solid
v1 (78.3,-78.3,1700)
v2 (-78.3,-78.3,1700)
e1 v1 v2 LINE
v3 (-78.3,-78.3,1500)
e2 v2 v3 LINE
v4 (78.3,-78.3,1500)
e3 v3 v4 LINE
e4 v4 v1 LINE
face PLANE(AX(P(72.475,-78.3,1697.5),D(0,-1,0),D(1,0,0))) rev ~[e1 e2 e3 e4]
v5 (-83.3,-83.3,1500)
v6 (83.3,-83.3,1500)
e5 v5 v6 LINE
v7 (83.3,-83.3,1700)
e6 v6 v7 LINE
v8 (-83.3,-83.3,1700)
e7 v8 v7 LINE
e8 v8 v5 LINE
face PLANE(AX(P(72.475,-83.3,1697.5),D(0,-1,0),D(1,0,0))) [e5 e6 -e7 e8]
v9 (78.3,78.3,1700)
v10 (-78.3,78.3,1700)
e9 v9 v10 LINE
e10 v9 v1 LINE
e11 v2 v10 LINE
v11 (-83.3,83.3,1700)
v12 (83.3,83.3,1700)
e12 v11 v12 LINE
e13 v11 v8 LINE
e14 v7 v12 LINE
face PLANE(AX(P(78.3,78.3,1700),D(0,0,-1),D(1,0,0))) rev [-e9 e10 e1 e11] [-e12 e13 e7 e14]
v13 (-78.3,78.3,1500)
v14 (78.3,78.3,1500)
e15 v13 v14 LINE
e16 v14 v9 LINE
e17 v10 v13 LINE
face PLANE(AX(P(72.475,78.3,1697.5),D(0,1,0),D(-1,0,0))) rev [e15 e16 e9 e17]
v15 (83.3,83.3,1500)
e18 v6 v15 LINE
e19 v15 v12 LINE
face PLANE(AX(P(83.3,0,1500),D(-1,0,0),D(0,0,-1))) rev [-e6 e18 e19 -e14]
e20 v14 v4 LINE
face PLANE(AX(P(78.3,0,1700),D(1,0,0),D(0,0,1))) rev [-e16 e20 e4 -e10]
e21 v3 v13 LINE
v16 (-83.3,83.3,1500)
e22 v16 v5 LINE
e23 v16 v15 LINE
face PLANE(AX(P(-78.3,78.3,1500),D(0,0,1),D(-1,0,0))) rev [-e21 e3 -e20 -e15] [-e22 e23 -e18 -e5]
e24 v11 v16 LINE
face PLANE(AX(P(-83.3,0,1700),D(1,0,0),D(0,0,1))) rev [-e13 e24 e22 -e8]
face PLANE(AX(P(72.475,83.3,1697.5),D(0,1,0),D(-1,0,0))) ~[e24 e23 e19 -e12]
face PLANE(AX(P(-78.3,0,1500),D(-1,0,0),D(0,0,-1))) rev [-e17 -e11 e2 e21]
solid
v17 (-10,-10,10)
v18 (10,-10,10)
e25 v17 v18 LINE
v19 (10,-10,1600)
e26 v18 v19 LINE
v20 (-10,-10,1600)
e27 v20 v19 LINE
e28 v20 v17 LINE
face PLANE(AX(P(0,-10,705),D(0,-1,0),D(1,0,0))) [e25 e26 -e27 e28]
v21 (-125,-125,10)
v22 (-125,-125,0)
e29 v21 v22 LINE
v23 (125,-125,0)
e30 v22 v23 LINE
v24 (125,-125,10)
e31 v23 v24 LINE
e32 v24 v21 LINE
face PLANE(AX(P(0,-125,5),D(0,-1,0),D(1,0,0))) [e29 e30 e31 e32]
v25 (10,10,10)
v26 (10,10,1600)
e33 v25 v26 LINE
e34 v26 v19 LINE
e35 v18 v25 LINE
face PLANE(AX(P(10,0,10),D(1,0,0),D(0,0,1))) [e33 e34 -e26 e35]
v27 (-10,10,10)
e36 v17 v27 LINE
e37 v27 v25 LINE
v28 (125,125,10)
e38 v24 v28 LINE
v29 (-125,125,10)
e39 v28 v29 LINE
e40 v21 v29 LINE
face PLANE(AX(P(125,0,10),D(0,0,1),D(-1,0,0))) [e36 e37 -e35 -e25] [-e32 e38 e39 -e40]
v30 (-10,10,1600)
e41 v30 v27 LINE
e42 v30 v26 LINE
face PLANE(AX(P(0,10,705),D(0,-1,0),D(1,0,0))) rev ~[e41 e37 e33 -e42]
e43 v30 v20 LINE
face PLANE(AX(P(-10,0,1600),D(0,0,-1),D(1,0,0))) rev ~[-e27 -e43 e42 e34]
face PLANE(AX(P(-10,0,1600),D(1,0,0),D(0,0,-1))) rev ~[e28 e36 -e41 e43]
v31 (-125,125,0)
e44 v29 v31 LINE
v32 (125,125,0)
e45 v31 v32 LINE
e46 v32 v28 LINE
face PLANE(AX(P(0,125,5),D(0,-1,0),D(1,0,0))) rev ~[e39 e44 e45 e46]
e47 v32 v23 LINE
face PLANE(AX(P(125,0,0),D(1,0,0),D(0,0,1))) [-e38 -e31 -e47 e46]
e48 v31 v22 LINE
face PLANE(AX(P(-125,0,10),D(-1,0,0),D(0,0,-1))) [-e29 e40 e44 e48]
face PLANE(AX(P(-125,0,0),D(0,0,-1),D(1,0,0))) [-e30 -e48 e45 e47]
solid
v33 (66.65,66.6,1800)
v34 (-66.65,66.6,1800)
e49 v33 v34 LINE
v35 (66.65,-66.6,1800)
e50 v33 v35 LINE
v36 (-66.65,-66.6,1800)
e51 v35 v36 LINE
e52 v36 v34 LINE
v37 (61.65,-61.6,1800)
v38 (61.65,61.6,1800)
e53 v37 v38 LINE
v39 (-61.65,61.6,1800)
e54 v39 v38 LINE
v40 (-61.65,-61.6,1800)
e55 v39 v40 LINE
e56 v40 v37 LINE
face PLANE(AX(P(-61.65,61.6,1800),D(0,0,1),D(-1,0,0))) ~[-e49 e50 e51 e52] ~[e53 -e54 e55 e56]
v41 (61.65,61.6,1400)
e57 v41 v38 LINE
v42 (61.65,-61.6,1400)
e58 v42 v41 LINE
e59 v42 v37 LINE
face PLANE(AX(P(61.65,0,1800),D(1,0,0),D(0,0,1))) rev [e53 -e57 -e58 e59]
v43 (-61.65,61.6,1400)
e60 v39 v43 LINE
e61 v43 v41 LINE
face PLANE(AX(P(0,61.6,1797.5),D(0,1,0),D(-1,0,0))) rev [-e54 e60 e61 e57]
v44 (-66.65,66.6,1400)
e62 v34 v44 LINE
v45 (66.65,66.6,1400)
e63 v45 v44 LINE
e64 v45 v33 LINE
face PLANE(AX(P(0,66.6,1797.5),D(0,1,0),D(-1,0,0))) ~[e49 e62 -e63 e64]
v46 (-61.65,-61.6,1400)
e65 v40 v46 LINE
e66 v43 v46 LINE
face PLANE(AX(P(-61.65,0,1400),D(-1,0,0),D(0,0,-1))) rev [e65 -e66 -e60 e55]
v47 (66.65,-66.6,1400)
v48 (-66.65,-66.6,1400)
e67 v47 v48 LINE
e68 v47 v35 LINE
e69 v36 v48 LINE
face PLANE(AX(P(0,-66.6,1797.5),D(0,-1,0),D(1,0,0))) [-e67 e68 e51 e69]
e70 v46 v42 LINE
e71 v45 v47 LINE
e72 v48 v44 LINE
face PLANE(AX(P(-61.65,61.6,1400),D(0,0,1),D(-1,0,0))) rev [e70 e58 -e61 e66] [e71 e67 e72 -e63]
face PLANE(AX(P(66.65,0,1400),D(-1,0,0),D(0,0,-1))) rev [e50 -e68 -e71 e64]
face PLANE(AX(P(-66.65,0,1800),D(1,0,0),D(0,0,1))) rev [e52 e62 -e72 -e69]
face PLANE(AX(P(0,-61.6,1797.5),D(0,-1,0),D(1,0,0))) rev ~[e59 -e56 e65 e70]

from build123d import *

# Parameters (mm, degrees)
F1_DEPTH      = 125
F1_DEPTH_BACK = 125
F0_W          = 20
F0_H          = 1390
F0_H_2        = 5
F0_H_3        = 95
F2_DEPTH      = 10
F2_DEPTH_BACK = 10
F3_DEPTH      = 83.3
F4_START      = 78.3
F0_W_2        = 11.65
F0_W_3        = 61.65
F0_W_4        = 5
F0_H_4        = 190
F0_W_5        = 51.65
F4_DEPTH      = 5
F5_DEPTH      = 66.6
F6_START      = 61.6
F0_W_6        = 123.3
F6_DEPTH      = 5


with BuildPart() as f1:
    # F0 (on Front) → F1 (new body, two sides)
    with BuildSketch(Plane.XZ) as f1_sk:
        Polygon((10, 10), (-10, 10), (-125, 10), (-125, 0), (125, 0), (125, 10), align=None)
    extrude(amount=F1_DEPTH)
    extrude(f1_sk.sketch, amount=-F1_DEPTH_BACK)

    # F0 (on Front) → F2 (join, two sides)
    with BuildSketch(Plane.XZ) as f2_sk:
        with Locations((0, 705)):
            Rectangle(F0_W, F0_H)
        with Locations((0, 1402.5)):
            Rectangle(F0_W, F0_H_2)
        with Locations((0, 1452.5)):
            Rectangle(F0_W, F0_H_3)
        with Locations((0, 1502.5)):
            Rectangle(F0_W, F0_H_2)
        with Locations((0, 1552.5)):
            Rectangle(F0_W, F0_H_3)
    extrude(amount=F2_DEPTH)
    extrude(f2_sk.sketch, amount=-F2_DEPTH_BACK)


with BuildPart() as f3:
    # F0 (on Front) → F3 (new body)
    with BuildSketch(Plane.XZ):
        Polygon((-78.3, 1700), (-83.3, 1700), (-83.3, 1500), (-78.3, 1500), (-78.3, 1505), (-78.3, 1695), align=None)
    extrude(amount=F3_DEPTH)



with BuildPart() as f3b:
    # F0 (on Front) → F3, piece 2 (new body)
    with BuildSketch(Plane.XZ):
        Polygon((83.3, 1700), (78.3, 1700), (78.3, 1695), (78.3, 1505), (78.3, 1500), (83.3, 1500), align=None)
    extrude(amount=F3_DEPTH)


with BuildPart() as f3_1:
    add(f3.part)

    add(f3b.part)  # F4 merges F3b
    # F0 (on Front) → F4 (join)
    with BuildSketch(Plane.XZ.offset(F4_START)):
        with Locations((72.475, 1697.5)):
            Rectangle(F0_W_2, F0_H_2)
        with Locations((30.825, 1697.5)):
            Rectangle(F0_W_3, F0_H_2)
        with Locations((64.15, 1697.5)):
            Rectangle(F0_W_4, F0_H_2)
        with Locations((-30.825, 1697.5)):
            Rectangle(F0_W_3, F0_H_2)
        with Locations((-72.475, 1697.5)):
            Rectangle(F0_W_2, F0_H_2)
        with Locations((-64.15, 1697.5)):
            Rectangle(F0_W_4, F0_H_2)
        with Locations((-72.475, 1600)):
            Rectangle(F0_W_2, F0_H_4)
        with Locations((-64.15, 1600)):
            Rectangle(F0_W_4, F0_H_4)
        with Locations((64.15, 1600)):
            Rectangle(F0_W_4, F0_H_4)
        with Locations((72.475, 1600)):
            Rectangle(F0_W_2, F0_H_4)
        Polygon((0, 1695), (-61.65, 1695), (-61.65, 1505), (-10, 1505), (-10, 1600), (10, 1600), (10, 1505), (61.65, 1505), (61.65, 1695), align=None)
        with Locations((0, 1552.5)):
            Rectangle(F0_W, F0_H_3)
        with Locations((72.475, 1502.5)):
            Rectangle(F0_W_2, F0_H_2)
        with Locations((64.15, 1502.5)):
            Rectangle(F0_W_4, F0_H_2)
        with Locations((35.825, 1502.5)):
            Rectangle(F0_W_5, F0_H_2)
        with Locations((0, 1502.5)):
            Rectangle(F0_W, F0_H_2)
        with Locations((-35.825, 1502.5)):
            Rectangle(F0_W_5, F0_H_2)
        with Locations((-64.15, 1502.5)):
            Rectangle(F0_W_4, F0_H_2)
        with Locations((-72.475, 1502.5)):
            Rectangle(F0_W_2, F0_H_2)
    extrude(amount=F4_DEPTH)



with BuildPart() as f5:
    # F0 (on Front) → F5 (new body)
    with BuildSketch(Plane.XZ):
        Polygon((61.65, 1795), (61.65, 1700), (66.65, 1700), (66.65, 1800), (61.65, 1800), align=None)
        with Locations((64.15, 1697.5)):
            Rectangle(F0_W_4, F0_H_2)
        with Locations((64.15, 1600)):
            Rectangle(F0_W_4, F0_H_4)
        with Locations((64.15, 1502.5)):
            Rectangle(F0_W_4, F0_H_2)
        Polygon((66.65, 1500), (61.65, 1500), (61.65, 1405), (61.65, 1400), (66.65, 1400), align=None)
    extrude(amount=F5_DEPTH)



with BuildPart() as f5b:
    # F0 (on Front) → F5, piece 2 (new body)
    with BuildSketch(Plane.XZ):
        Polygon((-61.65, 1500), (-66.65, 1500), (-66.65, 1400), (-61.65, 1400), (-61.65, 1405), align=None)
        with Locations((-64.15, 1502.5)):
            Rectangle(F0_W_4, F0_H_2)
        with Locations((-64.15, 1600)):
            Rectangle(F0_W_4, F0_H_4)
        Polygon((-66.65, 1800), (-66.65, 1700), (-61.65, 1700), (-61.65, 1795), (-61.65, 1800), align=None)
        with Locations((-64.15, 1697.5)):
            Rectangle(F0_W_4, F0_H_2)
    extrude(amount=F5_DEPTH)


with BuildPart() as f5_1:
    add(f5.part)

    add(f5b.part)  # F6 merges F5b
    # F0 (on Front) → F6 (join)
    with BuildSketch(Plane.XZ.offset(F6_START)):
        with Locations((0, 1797.5)):
            Rectangle(F0_W_6, F0_H_2)
        Polygon((-61.65, 1795), (-61.65, 1700), (0, 1700), (61.65, 1700), (61.65, 1795), align=None)
        with Locations((30.825, 1697.5)):
            Rectangle(F0_W_3, F0_H_2)
        with Locations((-30.825, 1697.5)):
            Rectangle(F0_W_3, F0_H_2)
        Polygon((0, 1695), (-61.65, 1695), (-61.65, 1505), (-10, 1505), (-10, 1600), (10, 1600), (10, 1505), (61.65, 1505), (61.65, 1695), align=None)
        with Locations((0, 1552.5)):
            Rectangle(F0_W, F0_H_3)
        with Locations((0, 1502.5)):
            Rectangle(F0_W, F0_H_2)
        with Locations((-35.825, 1502.5)):
            Rectangle(F0_W_5, F0_H_2)
        with Locations((35.825, 1502.5)):
            Rectangle(F0_W_5, F0_H_2)
        with Locations((35.825, 1452.5)):
            Rectangle(F0_W_5, F0_H_3)
        with Locations((-35.825, 1452.5)):
            Rectangle(F0_W_5, F0_H_3)
        with Locations((0, 1452.5)):
            Rectangle(F0_W, F0_H_3)
        with Locations((35.825, 1402.5)):
            Rectangle(F0_W_5, F0_H_2)
        with Locations((0, 1402.5)):
            Rectangle(F0_W, F0_H_2)
        with Locations((-35.825, 1402.5)):
            Rectangle(F0_W_5, F0_H_2)
    extrude(amount=F6_DEPTH)


with BuildPart() as f3_2:
    add(f3_1.part)

    add(f5_1.part)  # F7 merges F5
    # F7: F5, F3 across plane
    add(f5_1.part.mirror(Plane.XZ))
    add(f3_1.part.mirror(Plane.XZ))


solid = Compound([f1.part, f3_2.part])
